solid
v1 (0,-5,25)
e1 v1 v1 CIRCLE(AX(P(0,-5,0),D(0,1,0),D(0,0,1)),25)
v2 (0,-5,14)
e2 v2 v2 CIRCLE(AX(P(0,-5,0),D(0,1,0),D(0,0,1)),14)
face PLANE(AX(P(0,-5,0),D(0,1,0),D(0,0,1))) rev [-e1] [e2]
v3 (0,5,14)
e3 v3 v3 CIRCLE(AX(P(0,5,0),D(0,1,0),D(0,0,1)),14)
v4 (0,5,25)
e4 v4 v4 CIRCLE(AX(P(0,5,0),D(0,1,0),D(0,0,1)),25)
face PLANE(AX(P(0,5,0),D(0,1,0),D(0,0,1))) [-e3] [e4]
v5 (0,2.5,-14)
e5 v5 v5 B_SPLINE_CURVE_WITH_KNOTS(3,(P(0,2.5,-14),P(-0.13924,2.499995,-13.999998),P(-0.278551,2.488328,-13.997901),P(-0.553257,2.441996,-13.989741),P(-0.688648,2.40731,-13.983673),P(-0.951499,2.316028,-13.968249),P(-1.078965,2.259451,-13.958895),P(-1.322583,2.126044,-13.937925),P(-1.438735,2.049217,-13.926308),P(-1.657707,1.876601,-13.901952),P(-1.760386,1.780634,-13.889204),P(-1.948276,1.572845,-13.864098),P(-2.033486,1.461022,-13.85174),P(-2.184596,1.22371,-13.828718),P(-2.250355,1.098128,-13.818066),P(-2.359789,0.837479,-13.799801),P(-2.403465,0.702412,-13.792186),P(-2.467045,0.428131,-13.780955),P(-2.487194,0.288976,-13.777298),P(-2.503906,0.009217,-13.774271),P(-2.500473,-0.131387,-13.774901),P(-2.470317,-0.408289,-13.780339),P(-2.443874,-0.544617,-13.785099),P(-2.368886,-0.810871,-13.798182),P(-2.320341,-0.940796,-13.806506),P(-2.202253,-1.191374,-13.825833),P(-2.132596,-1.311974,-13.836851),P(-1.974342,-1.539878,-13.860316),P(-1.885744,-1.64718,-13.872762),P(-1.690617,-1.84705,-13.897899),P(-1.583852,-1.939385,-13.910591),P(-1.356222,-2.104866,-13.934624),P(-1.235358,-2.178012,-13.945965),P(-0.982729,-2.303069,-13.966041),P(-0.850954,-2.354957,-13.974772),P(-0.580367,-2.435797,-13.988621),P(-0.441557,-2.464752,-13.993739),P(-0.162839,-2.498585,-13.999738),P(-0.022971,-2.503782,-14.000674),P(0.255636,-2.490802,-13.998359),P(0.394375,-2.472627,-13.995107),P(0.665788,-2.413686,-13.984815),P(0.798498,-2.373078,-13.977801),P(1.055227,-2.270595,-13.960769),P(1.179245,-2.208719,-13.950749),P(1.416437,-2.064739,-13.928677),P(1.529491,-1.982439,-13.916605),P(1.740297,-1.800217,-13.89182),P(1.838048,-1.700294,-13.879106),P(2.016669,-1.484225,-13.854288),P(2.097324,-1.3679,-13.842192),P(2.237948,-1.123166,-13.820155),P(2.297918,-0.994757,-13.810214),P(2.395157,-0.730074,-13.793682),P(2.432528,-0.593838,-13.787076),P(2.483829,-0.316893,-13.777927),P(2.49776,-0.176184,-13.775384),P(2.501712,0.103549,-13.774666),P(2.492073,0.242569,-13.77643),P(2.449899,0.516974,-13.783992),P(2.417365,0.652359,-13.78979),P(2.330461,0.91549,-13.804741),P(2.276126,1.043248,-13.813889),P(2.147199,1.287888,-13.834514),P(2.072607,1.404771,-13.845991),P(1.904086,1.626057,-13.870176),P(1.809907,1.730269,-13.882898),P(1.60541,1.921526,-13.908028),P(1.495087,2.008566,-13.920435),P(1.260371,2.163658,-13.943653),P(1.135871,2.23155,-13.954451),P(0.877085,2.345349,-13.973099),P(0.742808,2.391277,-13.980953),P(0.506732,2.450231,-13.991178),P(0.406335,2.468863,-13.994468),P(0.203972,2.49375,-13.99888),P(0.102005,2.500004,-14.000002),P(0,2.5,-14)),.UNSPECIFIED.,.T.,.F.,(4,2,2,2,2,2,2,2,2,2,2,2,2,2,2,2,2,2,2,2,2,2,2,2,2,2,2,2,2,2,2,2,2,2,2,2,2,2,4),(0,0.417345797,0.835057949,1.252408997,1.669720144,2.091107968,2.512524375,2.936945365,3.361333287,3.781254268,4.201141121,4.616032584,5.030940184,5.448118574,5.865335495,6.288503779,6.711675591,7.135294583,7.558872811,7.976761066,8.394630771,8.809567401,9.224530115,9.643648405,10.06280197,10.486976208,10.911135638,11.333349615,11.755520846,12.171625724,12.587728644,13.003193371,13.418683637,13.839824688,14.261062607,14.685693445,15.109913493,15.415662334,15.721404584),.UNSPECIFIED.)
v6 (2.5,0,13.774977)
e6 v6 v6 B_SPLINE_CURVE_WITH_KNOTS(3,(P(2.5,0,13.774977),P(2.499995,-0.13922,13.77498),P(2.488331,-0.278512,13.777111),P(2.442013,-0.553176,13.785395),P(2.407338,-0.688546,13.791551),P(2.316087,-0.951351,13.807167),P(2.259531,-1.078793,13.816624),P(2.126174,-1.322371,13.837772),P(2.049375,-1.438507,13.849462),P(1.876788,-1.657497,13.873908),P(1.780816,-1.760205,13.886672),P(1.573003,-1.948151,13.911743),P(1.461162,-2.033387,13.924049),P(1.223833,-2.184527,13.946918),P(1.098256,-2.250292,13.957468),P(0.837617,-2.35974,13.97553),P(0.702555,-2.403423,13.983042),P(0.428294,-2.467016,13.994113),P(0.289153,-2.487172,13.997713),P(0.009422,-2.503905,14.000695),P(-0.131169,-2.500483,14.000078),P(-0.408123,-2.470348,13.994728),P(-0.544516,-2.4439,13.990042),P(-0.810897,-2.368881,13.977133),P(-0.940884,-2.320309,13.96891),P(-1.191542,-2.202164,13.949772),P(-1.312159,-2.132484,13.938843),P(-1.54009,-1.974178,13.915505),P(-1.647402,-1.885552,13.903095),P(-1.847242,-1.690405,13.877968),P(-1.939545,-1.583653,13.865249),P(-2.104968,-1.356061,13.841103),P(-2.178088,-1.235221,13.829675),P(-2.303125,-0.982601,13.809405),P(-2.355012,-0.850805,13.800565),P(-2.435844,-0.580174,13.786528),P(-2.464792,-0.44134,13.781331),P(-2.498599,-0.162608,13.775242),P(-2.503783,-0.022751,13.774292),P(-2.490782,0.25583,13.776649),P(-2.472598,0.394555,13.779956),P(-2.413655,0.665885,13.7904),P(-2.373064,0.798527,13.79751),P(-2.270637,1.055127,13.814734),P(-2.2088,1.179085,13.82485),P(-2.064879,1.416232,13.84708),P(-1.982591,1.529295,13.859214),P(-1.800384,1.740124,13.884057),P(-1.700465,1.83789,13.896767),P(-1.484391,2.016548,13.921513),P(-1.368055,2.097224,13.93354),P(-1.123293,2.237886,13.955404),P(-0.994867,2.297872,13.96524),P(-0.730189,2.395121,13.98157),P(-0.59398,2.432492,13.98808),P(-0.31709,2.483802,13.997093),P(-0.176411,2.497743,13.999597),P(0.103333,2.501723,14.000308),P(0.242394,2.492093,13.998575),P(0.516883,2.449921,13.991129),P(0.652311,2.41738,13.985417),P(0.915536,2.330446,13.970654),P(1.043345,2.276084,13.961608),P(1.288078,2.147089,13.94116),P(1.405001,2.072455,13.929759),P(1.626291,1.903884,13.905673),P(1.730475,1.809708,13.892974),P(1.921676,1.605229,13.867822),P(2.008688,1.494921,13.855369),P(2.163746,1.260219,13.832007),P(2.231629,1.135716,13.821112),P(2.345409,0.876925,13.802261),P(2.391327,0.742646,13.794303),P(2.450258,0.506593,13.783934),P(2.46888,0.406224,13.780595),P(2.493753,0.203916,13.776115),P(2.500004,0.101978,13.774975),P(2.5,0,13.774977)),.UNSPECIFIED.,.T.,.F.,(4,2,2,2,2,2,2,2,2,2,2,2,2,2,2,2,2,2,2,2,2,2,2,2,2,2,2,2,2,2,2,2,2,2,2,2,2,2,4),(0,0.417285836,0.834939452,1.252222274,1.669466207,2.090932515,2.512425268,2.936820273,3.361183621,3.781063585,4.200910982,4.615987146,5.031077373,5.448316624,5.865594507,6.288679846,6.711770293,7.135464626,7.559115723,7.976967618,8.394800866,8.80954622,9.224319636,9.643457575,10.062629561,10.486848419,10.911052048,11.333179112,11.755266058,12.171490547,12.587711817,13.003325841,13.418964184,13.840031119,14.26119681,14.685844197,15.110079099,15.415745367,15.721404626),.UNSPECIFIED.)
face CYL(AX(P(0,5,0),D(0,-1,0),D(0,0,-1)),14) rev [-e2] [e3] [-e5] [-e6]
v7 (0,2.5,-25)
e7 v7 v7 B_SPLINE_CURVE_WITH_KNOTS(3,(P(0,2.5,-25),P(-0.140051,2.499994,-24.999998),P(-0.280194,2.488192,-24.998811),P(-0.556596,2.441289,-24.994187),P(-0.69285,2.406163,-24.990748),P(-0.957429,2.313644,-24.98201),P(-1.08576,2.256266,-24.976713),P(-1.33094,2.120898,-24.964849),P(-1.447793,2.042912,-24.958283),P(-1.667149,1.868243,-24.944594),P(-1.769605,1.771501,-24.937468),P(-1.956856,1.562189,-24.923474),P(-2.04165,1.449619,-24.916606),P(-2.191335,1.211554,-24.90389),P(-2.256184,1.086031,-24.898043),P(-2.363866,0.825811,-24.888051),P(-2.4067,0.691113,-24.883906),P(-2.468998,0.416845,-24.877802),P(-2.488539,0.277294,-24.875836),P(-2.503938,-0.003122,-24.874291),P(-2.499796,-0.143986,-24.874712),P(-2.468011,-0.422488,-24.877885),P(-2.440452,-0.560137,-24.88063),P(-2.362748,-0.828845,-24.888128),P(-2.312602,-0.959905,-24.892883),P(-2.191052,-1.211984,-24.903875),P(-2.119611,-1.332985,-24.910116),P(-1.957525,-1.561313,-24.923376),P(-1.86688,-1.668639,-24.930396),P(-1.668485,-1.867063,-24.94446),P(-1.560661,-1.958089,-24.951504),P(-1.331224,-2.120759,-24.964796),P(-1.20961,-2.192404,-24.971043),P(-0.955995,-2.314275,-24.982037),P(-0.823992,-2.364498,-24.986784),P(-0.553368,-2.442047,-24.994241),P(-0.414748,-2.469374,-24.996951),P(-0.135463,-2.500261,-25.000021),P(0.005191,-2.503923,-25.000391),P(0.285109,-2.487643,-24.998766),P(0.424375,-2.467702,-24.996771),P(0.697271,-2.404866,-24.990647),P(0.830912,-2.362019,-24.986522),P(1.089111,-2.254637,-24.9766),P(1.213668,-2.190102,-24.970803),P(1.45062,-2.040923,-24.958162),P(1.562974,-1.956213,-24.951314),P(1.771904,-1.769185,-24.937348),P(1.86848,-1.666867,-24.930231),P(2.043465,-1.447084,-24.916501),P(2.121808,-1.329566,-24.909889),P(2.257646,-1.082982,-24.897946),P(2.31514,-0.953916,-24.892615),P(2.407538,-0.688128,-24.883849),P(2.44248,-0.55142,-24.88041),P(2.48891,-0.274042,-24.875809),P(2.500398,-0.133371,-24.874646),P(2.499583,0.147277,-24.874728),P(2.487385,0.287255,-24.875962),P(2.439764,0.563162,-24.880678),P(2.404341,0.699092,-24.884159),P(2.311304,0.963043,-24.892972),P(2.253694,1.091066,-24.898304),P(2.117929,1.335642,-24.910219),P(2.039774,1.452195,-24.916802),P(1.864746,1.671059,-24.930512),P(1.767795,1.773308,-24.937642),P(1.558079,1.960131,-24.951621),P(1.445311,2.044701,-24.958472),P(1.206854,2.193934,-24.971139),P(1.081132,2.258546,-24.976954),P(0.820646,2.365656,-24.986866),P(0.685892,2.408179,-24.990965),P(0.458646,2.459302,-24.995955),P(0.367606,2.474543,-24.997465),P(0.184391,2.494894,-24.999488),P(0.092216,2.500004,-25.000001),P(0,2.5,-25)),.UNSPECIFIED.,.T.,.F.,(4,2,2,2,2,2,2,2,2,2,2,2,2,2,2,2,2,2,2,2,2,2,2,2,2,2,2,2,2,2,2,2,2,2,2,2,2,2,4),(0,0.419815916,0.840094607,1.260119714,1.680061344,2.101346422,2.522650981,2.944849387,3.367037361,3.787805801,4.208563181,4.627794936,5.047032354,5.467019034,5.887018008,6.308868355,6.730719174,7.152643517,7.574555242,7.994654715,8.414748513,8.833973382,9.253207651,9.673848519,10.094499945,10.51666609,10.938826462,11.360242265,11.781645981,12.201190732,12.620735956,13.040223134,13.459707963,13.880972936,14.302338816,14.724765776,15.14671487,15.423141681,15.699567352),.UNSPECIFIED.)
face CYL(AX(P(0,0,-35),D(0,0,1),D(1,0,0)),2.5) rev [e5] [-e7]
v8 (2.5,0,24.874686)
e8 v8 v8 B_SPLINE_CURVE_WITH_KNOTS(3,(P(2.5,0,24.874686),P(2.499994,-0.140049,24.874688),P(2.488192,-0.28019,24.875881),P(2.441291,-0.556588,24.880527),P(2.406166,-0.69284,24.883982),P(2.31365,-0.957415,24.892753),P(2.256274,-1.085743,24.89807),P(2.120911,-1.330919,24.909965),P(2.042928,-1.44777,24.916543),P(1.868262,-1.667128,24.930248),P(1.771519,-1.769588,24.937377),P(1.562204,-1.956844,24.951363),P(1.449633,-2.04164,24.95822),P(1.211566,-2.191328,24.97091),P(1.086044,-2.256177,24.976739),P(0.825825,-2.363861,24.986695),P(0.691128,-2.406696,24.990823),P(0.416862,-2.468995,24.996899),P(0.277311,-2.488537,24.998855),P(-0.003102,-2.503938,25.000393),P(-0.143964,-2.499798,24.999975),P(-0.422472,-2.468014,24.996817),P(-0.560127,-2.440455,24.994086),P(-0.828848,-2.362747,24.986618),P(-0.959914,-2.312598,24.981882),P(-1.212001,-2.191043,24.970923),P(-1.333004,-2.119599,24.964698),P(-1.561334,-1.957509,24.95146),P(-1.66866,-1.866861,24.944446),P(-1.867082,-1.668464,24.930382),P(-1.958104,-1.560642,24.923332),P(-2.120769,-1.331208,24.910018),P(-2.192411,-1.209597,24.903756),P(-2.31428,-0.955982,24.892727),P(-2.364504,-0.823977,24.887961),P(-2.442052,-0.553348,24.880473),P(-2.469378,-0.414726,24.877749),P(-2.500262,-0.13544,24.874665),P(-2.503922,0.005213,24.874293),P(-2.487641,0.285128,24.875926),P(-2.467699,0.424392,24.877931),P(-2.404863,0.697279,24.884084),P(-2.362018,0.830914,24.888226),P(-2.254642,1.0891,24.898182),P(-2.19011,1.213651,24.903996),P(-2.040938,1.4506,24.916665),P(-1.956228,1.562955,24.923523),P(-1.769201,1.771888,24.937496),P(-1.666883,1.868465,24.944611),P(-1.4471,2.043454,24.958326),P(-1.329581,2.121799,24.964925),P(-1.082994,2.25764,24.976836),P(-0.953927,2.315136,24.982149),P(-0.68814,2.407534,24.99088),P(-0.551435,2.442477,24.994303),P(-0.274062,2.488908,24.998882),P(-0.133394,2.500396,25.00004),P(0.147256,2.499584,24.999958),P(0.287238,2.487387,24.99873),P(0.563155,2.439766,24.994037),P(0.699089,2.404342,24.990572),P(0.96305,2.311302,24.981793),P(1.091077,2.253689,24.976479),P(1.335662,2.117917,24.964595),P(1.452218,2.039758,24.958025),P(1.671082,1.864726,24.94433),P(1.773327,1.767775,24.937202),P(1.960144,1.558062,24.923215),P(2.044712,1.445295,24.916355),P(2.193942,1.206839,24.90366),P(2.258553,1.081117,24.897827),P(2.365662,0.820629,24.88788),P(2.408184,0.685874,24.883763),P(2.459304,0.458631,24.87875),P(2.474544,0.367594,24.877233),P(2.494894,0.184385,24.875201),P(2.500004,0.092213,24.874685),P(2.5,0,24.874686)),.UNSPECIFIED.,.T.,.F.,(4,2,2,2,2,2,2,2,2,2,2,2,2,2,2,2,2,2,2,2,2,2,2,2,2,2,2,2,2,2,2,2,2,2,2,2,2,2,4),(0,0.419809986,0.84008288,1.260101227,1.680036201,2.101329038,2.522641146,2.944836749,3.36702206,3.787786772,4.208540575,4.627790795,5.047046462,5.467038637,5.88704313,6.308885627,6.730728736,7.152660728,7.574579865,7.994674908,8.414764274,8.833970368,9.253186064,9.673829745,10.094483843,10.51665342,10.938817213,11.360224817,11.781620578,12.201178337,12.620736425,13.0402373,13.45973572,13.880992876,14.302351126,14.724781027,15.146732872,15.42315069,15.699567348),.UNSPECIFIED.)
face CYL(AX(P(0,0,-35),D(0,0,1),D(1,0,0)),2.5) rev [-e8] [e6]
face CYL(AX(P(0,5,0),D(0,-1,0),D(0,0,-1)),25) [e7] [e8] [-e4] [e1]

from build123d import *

# Parameters (mm, degrees)
SKETCH1_R           = 25
SKETCH1_R_2         = 14
BOSS_EXTRUDE1_DEPTH = 5
SKETCH2_R           = 2.5
CUT_EXTRUDE1_DEPTH  = 35


with BuildPart() as part:
    # Sketch1 → Boss-Extrude1 (new, symmetric)
    with BuildSketch(Plane(origin=(0, 0, 0), x_dir=(1, 0, 0), z_dir=(0, 1, 0))):
        with Locations(Location((0, 0, 0), (0, 0, 270))):
            Circle(SKETCH1_R)
        with Locations(Location((0, 0, 0), (0, 0, 270))):
            Circle(SKETCH1_R_2, mode=Mode.SUBTRACT)
    extrude(amount=BOSS_EXTRUDE1_DEPTH, both=True)

    # Sketch2 → Cut-Extrude1 (cut, symmetric)
    with BuildSketch(Plane.XY):
        Circle(SKETCH2_R)
    extrude(amount=CUT_EXTRUDE1_DEPTH, both=True, mode=Mode.SUBTRACT)


solid = part.part
